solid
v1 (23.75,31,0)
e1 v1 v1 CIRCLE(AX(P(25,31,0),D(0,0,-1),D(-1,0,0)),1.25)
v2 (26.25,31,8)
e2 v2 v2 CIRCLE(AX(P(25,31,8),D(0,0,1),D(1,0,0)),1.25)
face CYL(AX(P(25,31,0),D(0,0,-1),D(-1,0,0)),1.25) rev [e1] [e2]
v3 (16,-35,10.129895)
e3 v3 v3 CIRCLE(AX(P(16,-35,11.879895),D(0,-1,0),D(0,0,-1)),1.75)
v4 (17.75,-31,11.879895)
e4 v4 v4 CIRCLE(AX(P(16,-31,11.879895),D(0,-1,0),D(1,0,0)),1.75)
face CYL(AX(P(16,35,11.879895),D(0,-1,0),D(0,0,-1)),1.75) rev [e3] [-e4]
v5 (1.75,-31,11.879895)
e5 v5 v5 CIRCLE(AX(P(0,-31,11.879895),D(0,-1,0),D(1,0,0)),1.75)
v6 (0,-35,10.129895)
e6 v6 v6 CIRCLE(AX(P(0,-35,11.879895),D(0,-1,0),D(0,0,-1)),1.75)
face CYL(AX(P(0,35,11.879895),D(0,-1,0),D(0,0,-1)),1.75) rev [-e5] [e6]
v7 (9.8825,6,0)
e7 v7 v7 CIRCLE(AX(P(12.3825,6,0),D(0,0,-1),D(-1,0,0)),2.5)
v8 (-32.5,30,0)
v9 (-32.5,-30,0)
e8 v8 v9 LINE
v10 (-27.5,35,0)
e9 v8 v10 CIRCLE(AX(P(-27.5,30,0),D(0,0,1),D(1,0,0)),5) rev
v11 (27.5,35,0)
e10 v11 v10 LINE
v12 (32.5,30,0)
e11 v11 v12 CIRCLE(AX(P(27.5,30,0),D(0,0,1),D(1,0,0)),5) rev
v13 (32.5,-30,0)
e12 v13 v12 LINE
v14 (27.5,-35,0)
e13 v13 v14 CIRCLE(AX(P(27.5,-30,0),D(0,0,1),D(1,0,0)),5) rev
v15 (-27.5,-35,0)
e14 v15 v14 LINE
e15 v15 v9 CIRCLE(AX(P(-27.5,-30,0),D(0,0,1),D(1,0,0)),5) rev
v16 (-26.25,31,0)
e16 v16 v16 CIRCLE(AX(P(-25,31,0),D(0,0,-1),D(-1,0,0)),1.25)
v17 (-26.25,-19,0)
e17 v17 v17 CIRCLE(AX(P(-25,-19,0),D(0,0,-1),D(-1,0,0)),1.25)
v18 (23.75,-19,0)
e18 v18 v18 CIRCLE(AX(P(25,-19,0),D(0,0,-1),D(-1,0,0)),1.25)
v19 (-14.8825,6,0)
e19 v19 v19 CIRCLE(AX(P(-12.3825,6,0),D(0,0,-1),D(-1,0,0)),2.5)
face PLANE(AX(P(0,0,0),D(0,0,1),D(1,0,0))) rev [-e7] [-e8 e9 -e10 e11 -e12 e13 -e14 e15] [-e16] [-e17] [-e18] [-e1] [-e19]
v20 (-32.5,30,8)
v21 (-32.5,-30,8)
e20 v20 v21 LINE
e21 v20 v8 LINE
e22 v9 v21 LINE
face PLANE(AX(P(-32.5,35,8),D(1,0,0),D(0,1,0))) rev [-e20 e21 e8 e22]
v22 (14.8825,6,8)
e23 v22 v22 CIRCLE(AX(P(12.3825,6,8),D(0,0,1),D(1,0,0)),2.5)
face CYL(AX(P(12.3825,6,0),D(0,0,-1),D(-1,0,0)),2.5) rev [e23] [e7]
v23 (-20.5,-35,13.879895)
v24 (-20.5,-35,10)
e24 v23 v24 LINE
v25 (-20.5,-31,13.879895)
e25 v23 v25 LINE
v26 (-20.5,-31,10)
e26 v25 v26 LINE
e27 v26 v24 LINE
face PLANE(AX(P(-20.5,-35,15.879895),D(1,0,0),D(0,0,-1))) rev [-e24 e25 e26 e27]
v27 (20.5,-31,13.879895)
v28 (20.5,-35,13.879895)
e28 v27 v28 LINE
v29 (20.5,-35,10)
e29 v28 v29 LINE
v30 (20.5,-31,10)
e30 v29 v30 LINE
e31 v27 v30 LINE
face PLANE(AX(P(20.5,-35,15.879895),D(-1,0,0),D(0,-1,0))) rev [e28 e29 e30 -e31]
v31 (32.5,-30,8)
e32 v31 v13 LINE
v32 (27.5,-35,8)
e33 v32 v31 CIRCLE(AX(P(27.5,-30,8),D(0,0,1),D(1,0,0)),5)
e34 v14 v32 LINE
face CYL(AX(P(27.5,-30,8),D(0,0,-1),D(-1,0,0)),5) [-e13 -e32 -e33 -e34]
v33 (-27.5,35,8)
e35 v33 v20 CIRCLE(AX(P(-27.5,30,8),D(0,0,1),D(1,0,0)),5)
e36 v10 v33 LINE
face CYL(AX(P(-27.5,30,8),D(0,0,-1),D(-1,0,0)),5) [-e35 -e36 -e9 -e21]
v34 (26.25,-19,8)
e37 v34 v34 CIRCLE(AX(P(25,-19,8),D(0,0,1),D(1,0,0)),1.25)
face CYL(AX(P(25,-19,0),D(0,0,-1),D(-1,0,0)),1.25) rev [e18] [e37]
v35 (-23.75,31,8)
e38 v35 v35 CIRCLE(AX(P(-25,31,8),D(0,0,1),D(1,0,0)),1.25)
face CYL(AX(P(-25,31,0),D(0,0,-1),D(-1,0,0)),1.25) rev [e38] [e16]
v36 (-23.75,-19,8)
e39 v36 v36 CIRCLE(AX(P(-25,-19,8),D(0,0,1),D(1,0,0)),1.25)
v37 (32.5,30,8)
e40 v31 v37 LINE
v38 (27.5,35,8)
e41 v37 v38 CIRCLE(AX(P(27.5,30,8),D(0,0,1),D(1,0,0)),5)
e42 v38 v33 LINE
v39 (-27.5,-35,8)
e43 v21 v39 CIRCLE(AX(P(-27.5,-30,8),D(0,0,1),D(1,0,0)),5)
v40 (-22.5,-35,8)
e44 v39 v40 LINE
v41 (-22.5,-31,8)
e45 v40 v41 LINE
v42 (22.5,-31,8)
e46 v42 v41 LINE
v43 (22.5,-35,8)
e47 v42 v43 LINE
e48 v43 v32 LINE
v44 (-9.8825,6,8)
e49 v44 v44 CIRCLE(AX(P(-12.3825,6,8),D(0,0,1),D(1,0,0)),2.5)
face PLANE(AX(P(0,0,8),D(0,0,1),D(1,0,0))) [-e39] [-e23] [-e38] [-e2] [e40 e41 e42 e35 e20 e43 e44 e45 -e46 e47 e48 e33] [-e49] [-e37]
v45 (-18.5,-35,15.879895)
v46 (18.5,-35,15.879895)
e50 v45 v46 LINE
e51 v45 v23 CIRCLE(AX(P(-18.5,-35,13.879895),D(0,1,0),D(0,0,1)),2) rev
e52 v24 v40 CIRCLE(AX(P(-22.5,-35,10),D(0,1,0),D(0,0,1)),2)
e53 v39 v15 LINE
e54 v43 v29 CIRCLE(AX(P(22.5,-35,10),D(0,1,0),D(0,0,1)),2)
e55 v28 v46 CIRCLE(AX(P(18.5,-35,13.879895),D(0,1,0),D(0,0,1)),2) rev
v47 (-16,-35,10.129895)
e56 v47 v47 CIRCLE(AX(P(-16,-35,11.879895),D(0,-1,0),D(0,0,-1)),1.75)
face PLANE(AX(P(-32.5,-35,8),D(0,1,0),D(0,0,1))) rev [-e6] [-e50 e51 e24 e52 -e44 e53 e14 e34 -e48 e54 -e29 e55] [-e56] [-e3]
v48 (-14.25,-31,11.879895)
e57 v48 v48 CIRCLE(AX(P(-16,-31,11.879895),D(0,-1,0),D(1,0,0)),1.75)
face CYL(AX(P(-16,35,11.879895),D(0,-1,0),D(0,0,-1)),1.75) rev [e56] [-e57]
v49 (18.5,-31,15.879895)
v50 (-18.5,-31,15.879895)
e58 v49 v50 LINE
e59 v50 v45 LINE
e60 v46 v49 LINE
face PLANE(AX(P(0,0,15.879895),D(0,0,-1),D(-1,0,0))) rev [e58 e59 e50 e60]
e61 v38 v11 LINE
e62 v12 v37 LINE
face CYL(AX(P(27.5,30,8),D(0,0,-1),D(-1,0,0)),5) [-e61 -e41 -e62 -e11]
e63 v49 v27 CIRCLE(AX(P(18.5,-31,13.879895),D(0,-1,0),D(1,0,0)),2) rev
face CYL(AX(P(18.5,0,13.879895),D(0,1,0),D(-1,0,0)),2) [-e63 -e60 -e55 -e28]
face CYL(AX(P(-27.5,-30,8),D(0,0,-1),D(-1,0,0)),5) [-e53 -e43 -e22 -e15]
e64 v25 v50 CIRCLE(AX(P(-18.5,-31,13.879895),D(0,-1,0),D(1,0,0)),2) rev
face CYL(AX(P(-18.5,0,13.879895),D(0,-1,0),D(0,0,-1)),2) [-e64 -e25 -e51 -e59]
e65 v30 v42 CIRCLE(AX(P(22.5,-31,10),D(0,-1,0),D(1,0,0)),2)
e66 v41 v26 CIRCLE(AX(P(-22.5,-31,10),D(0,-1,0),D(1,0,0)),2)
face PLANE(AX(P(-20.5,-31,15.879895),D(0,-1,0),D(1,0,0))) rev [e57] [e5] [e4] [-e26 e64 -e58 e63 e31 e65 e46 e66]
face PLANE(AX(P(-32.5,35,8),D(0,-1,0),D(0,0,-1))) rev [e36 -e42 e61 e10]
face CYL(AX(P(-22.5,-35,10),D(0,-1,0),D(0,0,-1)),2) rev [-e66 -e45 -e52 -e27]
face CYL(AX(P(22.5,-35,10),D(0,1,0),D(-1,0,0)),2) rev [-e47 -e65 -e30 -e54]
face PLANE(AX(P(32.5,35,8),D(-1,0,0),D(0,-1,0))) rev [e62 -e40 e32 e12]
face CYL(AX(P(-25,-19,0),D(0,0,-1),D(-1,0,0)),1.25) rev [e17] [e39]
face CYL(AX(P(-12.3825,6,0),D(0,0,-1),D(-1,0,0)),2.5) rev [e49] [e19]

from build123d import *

# Parameters (mm, degrees)
SKETCH1_W                   = 65
SKETCH1_H                   = 70
BOSS_EXTRUDE1_DEPTH         = 8
FILLET1_R                   = 5
SKETCH2_W                   = 41
SKETCH2_H                   = 4
BOSS_EXTRUDE2_DEPTH         = 7.87989528
FILLET2_R                   = 2
SKETCH_1_R                  = 1.75
CUT_EXTRUDE_1_DEPTH         = 71
HOLE_WIZARD_M3_1_D          = 2.5
HOLE_WIZARD_M3_1_DEPTH      = 10
HOLE_WIZARD_M3_1_TIP        = 0.751075774
SKETCH_11_W                 = 65
SKETCH_11_H                 = 70.4
EXTRUDE_1_DEPTH             = 2.9
FILLET_2_R                  = 5
FILLET_3_R                  = 5
FILLET_4_R                  = 5
FILLET_5_R                  = 5
SKETCH_24_W                 = 1.25
SKETCH_24_H                 = 2.901
HOLE_WIZARD_M3_2_AT_2_COUNT = 2
HOLE_WIZARD_M3_2_AT_2_PITCH = 50
HOLE_WIZARD_M3_2_AT_3_COUNT = 2
HOLE_WIZARD_M3_2_AT_3_PITCH = 50
HOLE_WIZARD_M3_2_AT_4_COUNT = 2
HOLE_WIZARD_M3_2_AT_4_PITCH = 70.710678119
HOLE_WIZARD_M4_2_AT_2_COUNT = 2
HOLE_WIZARD_M4_2_AT_2_PITCH = 17.145
HOLE_WIZARD_M4_2_AT_3_COUNT = 2
HOLE_WIZARD_M4_2_AT_3_PITCH = 34.29
HOLE_WIZARD_M4_2_AT_4_COUNT = 2
HOLE_WIZARD_M4_2_AT_4_PITCH = 29.696011096
SKETCH_28_W                 = 16.34592277
SKETCH_28_H                 = 84.825432557
CUT_EXTRUDE_4_DEPTH         = 66
HOLE_WIZARD_M6_1_D          = 5


with BuildPart() as part:
    # Sketch1 → Boss-Extrude1 (new body)
    with BuildSketch(Plane.XY):
        Rectangle(SKETCH1_W, SKETCH1_H)
    extrude(amount=BOSS_EXTRUDE1_DEPTH)

    # Fillet1
    fillet1_edges = [part.edges().sort_by_distance(p)[0] for p in [
        (32.5, -35, 4),
        (-32.5, -35, 4),
        (-32.5, 35, 4),
        (32.5, 35, 4),
    ]]
    fillet(fillet1_edges, radius=FILLET1_R)

    # Sketch2 → Boss-Extrude2 (add)
    with BuildSketch(Plane.XY.offset(8)):
        with Locations((0, -33)):
            Rectangle(SKETCH2_W, SKETCH2_H)
    extrude(amount=BOSS_EXTRUDE2_DEPTH)

    # Fillet2
    fillet2_edges = [part.edges().sort_by_distance(p)[0] for p in [
        (-20.5, -33, 8),
        (20.5, -33, 8),
        (-20.5, -33, 15.87989528),
        (20.5, -33, 15.87989528),
    ]]
    fillet(fillet2_edges, radius=FILLET2_R)

    # 草图1 → 切除-拉伸1 (cut, through all)
    with BuildSketch(Plane.XZ.offset(35)):
        with Locations((-16, 11.87989528)):
            Circle(SKETCH_1_R)
        with Locations((0, 11.87989528)):
            Circle(SKETCH_1_R)
        with Locations((16, 11.87989528)):
            Circle(SKETCH_1_R)
    extrude(amount=-CUT_EXTRUDE_1_DEPTH, mode=Mode.SUBTRACT)

    # M3 螺纹孔1
    with Locations(Plane(origin=(25, -19, 0), x_dir=(-1, 0, 0), z_dir=(0, 0, -1))):
        with Locations((0, 0), (0, 50), (50, 50), (50, 0)):
            Hole(HOLE_WIZARD_M3_1_D / 2, depth=HOLE_WIZARD_M3_1_DEPTH)
            with Locations((0, 0, -(HOLE_WIZARD_M3_1_DEPTH + HOLE_WIZARD_M3_1_TIP / 2))):  # 118° drill point
                Cone(0, HOLE_WIZARD_M3_1_D / 2, HOLE_WIZARD_M3_1_TIP, mode=Mode.SUBTRACT)

    # M6 螺纹孔1 (through all)
    with Locations(Plane(origin=(12.3825, 6, 0), x_dir=(-1, 0, 0), z_dir=(0, 0, -1))):
        with Locations((0, 0), (24.765, 0)):
            Hole(HOLE_WIZARD_M6_1_D / 2)


with BuildPart() as body_2:
    # 草图11 → 凸台-拉伸1 (new body)
    with BuildSketch(Plane(origin=(0, 0, -30.31), x_dir=(-1, 0, 0), z_dir=(0, 0, -1))):
        with Locations((0, 0.2)):
            Rectangle(SKETCH_11_W, SKETCH_11_H)
    extrude(amount=-EXTRUDE_1_DEPTH)

    # 圆角2
    fillet_2_edges = [body_2.edges().sort_by_distance(p)[0] for p in [
        (-32.5, 35.4, -28.86),
    ]]
    fillet(fillet_2_edges, radius=FILLET_2_R)

    # 圆角3
    fillet_3_edges = [body_2.edges().sort_by_distance(p)[0] for p in [
        (-32.5, -35, -28.86),
    ]]
    fillet(fillet_3_edges, radius=FILLET_3_R)

    # 圆角4
    fillet_4_edges = [body_2.edges().sort_by_distance(p)[0] for p in [
        (32.5, -35, -28.86),
    ]]
    fillet(fillet_4_edges, radius=FILLET_4_R)

    # 圆角5
    fillet_5_edges = [body_2.edges().sort_by_distance(p)[0] for p in [
        (32.5, 35.4, -28.86),
    ]]
    fillet(fillet_5_edges, radius=FILLET_5_R)

    # 草图24 → M3 螺纹孔2 (revolve, cut)
    with BuildSketch(Plane(origin=(25, 31, -30.31), x_dir=(0, 1, 0), z_dir=(1, 0, 0))):
        with Locations((0.625, 1.4505)):
            Rectangle(SKETCH_24_W, SKETCH_24_H)
    hole_wizard_m3_2 = revolve(axis=Axis((25, 31, -36.66), (0, 0, 1)), mode=Mode.SUBTRACT)

    # M3 螺纹孔2 at 2: M3 螺纹孔2 ×2
    with Locations(*[(-i * HOLE_WIZARD_M3_2_AT_2_PITCH, 0, 0) for i in range(1, HOLE_WIZARD_M3_2_AT_2_COUNT)]):
        add(hole_wizard_m3_2, mode=Mode.SUBTRACT)

    # M3 螺纹孔2 at 3: M3 螺纹孔2 ×2
    with Locations(*[(0, -i * HOLE_WIZARD_M3_2_AT_3_PITCH, 0) for i in range(1, HOLE_WIZARD_M3_2_AT_3_COUNT)]):
        add(hole_wizard_m3_2, mode=Mode.SUBTRACT)

    # M3 螺纹孔2 at 4: M3 螺纹孔2 ×2
    with Locations(*[Vector(-0.707106781, -0.707106781, 0) * (i * HOLE_WIZARD_M3_2_AT_4_PITCH) for i in range(1, HOLE_WIZARD_M3_2_AT_4_COUNT)]):
        add(hole_wizard_m3_2, mode=Mode.SUBTRACT)

    # 草图27 → M4 六角凹头螺钉的柱形沉头孔2 (revolve, cut)
    with BuildSketch(Plane(origin=(9.41775, -9.820005548, -30.31), x_dir=(0, 1, 0), z_dir=(1, 0, 0))):
        Polygon((0, 0), (0, 38.31), (2.25, 38.31), (2.25, 1.5), (4, 1.5), (4, 0), align=None)
    hole_wizard_m4_2 = revolve(axis=Axis((9.41775, -9.820005548, -36.66), (0, 0, 1)), mode=Mode.SUBTRACT)

    # M4 六角凹头螺钉的柱形沉头孔2 at 2: M4 六角凹头螺钉的柱形沉头孔2 ×2
    with Locations(*[(-i * HOLE_WIZARD_M4_2_AT_2_PITCH, 0, 0) for i in range(1, HOLE_WIZARD_M4_2_AT_2_COUNT)]):
        add(hole_wizard_m4_2, mode=Mode.SUBTRACT)

    # M4 六角凹头螺钉的柱形沉头孔2 at 3: M4 六角凹头螺钉的柱形沉头孔2 ×2
    with Locations(*[Vector(-0.5, 0.866025404, 0) * (i * HOLE_WIZARD_M4_2_AT_3_PITCH) for i in range(1, HOLE_WIZARD_M4_2_AT_3_COUNT)]):
        add(hole_wizard_m4_2, mode=Mode.SUBTRACT)

    # M4 六角凹头螺钉的柱形沉头孔2 at 4: M4 六角凹头螺钉的柱形沉头孔2 ×2
    with Locations(*[(0, i * HOLE_WIZARD_M4_2_AT_4_PITCH, 0) for i in range(1, HOLE_WIZARD_M4_2_AT_4_COUNT)]):
        add(hole_wizard_m4_2, mode=Mode.SUBTRACT)

    # 草图28 → 切除-拉伸4 (cut, through all)
    with BuildSketch(Plane(origin=(32.5, 0, 0), x_dir=(0, 0, -1), z_dir=(1, 0, 0))):
        with Locations((29.455626585, -1.857491224)):
            Rectangle(SKETCH_28_W, SKETCH_28_H)
    extrude(amount=-CUT_EXTRUDE_4_DEPTH, mode=Mode.SUBTRACT)


solid = part.part
